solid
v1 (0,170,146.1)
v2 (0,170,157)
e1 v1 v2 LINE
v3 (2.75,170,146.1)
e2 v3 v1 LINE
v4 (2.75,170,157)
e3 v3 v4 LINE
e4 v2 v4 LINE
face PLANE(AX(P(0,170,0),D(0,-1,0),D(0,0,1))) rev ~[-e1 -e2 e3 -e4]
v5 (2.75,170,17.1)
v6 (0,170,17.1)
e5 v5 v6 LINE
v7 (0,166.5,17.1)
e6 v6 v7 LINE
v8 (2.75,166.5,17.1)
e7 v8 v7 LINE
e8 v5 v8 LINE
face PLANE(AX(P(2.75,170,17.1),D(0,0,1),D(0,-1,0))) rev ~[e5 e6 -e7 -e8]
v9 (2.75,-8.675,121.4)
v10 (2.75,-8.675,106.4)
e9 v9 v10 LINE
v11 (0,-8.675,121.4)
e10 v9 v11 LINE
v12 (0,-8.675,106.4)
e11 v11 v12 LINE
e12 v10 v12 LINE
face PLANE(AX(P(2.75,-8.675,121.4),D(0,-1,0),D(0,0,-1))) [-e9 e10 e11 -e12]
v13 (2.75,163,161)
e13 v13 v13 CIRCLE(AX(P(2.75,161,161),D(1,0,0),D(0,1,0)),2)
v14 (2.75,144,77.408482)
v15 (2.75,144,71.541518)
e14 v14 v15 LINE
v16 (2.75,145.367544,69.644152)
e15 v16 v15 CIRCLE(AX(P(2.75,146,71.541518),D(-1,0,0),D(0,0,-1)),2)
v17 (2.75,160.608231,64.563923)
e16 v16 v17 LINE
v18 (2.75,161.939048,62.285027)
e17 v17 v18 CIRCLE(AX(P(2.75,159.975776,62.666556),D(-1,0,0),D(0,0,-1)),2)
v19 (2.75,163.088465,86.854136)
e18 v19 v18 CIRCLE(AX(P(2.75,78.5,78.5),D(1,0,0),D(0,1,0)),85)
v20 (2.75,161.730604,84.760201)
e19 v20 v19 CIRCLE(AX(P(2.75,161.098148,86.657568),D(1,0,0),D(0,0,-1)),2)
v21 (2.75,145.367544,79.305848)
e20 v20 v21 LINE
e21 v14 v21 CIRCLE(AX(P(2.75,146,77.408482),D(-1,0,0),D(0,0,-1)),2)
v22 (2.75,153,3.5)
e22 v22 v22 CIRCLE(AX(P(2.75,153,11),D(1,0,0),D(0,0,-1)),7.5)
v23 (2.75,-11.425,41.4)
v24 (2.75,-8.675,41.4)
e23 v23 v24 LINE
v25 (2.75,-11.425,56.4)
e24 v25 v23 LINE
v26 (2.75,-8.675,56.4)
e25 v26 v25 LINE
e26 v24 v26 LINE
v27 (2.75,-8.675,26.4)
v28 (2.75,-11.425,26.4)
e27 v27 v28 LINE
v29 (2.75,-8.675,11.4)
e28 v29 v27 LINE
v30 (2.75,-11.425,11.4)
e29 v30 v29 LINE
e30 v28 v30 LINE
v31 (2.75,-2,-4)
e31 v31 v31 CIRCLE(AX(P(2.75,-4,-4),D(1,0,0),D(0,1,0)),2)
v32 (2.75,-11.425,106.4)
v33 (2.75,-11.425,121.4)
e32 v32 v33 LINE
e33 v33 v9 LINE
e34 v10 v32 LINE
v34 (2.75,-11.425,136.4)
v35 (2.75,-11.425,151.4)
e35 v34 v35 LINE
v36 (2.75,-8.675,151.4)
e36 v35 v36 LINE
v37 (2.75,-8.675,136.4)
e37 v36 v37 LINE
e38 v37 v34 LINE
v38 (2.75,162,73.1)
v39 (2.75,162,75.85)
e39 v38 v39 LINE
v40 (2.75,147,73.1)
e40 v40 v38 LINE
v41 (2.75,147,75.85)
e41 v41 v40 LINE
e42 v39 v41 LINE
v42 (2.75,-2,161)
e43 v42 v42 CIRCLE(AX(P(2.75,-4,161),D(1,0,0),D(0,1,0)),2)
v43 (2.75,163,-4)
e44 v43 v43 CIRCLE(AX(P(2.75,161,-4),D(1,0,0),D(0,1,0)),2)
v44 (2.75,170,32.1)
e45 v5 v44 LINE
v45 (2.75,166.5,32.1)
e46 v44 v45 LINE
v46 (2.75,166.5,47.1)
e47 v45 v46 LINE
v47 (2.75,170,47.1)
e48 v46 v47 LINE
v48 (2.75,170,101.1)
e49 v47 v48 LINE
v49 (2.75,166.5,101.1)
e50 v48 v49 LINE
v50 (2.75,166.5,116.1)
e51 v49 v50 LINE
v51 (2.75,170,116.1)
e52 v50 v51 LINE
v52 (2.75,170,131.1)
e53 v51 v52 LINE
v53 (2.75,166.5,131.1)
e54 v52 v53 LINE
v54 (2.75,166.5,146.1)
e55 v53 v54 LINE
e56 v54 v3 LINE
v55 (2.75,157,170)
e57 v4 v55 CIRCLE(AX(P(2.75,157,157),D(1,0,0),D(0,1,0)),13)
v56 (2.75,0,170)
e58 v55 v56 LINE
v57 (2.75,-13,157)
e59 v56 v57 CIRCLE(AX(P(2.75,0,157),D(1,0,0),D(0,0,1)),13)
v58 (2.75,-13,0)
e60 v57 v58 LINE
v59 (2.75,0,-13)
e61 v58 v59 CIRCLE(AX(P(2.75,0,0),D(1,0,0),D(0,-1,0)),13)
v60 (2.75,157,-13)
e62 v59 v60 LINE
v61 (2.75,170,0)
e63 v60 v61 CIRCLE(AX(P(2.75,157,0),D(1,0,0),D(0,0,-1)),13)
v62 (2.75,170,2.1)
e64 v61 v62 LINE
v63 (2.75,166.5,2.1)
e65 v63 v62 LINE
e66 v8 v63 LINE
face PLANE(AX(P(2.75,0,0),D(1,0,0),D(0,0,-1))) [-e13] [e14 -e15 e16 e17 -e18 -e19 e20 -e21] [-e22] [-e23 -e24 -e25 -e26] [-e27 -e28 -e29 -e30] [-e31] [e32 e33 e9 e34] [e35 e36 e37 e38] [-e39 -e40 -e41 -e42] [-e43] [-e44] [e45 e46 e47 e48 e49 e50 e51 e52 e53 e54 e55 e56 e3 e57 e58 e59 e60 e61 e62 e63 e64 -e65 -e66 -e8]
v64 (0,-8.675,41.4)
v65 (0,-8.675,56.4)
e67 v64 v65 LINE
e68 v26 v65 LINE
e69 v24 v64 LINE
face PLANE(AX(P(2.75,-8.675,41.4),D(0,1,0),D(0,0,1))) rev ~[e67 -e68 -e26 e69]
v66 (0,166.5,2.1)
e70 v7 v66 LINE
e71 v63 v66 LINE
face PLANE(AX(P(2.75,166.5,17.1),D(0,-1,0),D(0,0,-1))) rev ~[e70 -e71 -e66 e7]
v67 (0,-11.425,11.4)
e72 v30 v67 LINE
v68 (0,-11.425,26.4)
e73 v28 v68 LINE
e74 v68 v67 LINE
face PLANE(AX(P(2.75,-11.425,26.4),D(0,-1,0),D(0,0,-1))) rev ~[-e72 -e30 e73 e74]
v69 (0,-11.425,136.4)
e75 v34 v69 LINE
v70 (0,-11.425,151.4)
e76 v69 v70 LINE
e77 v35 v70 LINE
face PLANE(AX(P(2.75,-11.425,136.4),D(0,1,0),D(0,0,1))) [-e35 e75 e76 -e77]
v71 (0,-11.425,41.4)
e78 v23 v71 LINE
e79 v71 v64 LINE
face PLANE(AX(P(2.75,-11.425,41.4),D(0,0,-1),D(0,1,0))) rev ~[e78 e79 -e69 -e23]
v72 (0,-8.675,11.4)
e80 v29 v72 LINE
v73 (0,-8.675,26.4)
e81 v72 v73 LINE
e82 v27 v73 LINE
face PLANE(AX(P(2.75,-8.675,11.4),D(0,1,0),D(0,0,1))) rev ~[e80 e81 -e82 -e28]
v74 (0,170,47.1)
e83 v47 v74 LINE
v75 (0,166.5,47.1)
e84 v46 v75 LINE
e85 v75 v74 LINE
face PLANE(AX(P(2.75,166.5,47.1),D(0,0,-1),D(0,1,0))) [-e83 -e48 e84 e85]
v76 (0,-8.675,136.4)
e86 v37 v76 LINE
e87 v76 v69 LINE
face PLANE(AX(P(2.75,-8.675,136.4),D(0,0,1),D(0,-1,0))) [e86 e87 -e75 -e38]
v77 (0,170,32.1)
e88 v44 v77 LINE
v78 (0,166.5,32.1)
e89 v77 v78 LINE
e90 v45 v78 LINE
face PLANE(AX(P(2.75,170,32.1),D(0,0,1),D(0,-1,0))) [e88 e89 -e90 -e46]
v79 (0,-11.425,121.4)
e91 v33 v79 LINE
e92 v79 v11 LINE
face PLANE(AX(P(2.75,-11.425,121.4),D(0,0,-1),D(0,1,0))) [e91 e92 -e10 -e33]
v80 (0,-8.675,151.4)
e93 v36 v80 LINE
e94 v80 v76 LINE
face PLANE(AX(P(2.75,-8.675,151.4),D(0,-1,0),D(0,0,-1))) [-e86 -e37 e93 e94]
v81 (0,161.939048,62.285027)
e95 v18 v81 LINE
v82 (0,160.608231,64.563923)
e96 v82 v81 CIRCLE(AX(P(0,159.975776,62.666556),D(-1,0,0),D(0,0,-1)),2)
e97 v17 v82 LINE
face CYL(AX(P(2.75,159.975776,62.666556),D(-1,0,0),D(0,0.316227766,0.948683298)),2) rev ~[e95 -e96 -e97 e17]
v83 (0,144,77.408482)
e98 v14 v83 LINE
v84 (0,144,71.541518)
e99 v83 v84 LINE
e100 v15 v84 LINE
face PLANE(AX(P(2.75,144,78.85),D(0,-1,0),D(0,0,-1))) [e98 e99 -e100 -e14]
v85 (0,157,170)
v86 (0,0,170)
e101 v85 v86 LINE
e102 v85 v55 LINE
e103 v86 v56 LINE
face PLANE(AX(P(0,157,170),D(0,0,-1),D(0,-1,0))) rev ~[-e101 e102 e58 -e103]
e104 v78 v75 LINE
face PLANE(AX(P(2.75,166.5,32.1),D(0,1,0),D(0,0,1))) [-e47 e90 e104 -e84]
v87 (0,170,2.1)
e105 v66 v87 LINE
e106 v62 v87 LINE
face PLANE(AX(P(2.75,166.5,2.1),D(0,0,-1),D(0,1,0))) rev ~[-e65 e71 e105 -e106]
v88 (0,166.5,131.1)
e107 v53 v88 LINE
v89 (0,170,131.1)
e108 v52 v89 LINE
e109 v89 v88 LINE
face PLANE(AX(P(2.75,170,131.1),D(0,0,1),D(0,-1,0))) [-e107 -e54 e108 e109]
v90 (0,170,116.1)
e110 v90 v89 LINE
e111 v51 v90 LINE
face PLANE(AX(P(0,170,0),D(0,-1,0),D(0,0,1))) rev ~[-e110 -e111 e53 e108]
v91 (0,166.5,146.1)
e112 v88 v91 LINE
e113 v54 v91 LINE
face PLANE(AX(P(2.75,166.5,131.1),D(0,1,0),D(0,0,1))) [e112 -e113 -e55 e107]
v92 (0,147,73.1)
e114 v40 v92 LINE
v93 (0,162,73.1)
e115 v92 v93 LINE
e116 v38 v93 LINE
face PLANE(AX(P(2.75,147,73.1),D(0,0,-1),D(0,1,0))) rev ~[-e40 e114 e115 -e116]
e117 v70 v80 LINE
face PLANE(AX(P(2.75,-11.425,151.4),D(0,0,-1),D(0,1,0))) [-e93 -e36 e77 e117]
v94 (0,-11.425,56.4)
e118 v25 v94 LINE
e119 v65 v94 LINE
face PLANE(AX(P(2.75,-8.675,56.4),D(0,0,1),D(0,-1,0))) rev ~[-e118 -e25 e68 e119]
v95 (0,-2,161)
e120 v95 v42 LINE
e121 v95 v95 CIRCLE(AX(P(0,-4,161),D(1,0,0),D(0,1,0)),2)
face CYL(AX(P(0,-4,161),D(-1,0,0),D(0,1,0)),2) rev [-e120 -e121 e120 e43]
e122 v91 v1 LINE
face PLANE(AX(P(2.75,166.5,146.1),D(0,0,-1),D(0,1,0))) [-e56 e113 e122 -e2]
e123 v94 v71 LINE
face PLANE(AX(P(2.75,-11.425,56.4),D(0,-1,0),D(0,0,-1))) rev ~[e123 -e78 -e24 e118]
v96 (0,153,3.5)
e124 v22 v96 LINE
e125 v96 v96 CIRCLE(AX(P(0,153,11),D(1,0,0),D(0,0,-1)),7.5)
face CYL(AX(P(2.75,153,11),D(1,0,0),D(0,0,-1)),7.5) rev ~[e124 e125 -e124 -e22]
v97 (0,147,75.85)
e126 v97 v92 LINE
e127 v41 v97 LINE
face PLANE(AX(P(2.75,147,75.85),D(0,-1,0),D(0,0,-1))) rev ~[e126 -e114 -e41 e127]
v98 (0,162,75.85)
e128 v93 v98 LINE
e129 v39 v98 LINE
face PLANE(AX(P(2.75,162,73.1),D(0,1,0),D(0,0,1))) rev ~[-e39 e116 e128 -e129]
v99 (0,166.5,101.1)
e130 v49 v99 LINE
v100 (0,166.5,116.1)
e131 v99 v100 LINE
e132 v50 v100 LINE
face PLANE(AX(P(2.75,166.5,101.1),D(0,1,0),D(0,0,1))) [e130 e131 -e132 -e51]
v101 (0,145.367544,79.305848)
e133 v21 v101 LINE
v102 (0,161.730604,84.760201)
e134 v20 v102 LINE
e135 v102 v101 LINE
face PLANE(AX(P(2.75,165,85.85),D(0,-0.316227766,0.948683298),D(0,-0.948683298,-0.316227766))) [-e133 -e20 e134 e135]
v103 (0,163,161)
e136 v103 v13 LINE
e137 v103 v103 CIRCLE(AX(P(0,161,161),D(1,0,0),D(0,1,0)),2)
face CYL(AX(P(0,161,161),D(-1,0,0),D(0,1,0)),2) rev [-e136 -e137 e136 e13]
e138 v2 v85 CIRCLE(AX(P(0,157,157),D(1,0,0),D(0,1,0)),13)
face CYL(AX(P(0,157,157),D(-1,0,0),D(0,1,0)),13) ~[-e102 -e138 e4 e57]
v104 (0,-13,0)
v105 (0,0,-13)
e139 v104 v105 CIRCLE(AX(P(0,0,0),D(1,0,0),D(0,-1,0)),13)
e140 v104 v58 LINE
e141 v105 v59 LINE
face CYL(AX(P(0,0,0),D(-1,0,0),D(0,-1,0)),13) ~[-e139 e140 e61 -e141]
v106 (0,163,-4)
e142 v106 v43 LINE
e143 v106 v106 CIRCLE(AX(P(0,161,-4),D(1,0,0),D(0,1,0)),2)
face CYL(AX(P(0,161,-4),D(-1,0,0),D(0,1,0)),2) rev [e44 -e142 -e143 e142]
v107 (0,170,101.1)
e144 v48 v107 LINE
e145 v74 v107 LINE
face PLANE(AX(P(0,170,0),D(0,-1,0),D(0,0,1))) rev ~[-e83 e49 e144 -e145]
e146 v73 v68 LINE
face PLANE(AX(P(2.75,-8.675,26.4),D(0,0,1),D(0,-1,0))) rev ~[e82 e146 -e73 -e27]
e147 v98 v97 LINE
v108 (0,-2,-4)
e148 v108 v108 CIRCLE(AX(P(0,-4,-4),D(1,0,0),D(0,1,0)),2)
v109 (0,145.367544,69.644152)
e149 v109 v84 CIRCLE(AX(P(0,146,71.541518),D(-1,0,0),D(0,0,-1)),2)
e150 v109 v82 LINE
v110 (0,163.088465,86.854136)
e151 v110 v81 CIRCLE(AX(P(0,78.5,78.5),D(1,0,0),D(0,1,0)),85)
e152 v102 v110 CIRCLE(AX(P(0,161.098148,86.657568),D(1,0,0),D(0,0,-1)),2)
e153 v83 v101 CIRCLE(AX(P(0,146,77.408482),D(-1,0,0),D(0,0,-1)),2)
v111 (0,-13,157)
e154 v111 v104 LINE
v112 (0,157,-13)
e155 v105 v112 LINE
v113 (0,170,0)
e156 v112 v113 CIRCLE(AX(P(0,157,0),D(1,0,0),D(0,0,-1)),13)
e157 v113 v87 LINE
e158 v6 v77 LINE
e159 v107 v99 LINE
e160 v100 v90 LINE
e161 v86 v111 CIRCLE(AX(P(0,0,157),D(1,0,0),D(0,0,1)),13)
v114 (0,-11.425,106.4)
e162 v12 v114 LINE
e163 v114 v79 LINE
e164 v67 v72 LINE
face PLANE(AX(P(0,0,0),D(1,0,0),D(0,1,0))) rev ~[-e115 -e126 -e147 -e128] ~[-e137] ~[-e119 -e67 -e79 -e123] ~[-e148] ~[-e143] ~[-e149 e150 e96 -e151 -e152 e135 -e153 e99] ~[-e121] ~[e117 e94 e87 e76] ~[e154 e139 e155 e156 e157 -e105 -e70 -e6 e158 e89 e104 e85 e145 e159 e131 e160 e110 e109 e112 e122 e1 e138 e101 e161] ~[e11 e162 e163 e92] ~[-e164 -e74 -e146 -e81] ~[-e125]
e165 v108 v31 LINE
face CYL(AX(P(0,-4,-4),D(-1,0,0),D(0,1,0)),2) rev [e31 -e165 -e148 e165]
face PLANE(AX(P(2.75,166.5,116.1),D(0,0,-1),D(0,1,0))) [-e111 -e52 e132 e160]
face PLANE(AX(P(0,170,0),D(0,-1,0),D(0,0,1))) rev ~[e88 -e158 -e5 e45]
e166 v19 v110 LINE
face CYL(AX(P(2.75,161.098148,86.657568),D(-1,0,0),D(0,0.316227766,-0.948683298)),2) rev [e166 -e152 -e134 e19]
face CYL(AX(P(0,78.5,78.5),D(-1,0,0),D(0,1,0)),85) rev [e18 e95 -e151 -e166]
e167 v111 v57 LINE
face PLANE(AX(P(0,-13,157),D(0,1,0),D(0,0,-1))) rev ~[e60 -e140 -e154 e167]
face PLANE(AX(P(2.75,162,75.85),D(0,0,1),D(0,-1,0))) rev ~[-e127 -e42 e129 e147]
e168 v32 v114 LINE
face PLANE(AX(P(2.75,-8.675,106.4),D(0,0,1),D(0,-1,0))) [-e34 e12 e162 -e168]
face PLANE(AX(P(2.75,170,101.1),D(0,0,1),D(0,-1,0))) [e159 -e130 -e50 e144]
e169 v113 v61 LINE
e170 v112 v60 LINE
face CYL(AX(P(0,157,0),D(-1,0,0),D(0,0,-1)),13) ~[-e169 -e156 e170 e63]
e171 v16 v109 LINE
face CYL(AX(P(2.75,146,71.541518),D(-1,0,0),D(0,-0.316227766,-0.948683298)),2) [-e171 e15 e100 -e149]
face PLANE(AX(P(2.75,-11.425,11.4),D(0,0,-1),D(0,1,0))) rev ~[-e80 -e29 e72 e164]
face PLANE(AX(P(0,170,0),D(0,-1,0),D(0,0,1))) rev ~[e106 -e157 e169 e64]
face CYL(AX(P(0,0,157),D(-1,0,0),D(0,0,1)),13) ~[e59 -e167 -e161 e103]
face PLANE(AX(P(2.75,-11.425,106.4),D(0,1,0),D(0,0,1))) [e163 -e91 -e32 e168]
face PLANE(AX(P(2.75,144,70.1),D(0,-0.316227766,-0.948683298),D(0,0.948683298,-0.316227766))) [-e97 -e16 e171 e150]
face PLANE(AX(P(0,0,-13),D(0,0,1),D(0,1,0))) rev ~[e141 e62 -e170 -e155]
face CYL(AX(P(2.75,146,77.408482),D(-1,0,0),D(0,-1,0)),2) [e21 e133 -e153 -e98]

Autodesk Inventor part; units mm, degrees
ref_plane "YZ Plane" through (0, 0, 0) normal (1, 0, 0) x (0, 1, 0)
ref_plane "XZ Plane" through (0, 0, 0) normal (0, 1, 0) x (-1, 0, 0)
ref_plane "XY Plane" through (0, 0, 0) normal (0, 0, 1) x (1, 0, 0)
sketch "Sketch1" plane through (0, 0, 0) normal (1, 0, 0) x (0, 1, 0)
  circle A0 centre (-4, -4) radius 2
  circle A1 centre (78.5, 78.5) radius 85
  circle A2 centre (161, -4) radius 2
  circle A3 centre (-4, 161) radius 2
  circle A4 centre (161, 161) radius 2
  line L0 (157, 170) -> (0, 170)
  arc A5 (0, 170) -> (-13, 157) centre (0, 157) ccw
  line L1 (-13, 157) -> (-13, 0)
  arc A6 (-13, 0) -> (0, -13) centre (0, 0) ccw
  line L2 (0, -13) -> (157, -13)
  arc A7 (157, -13) -> (170, 0) centre (157, 0) ccw
  line L3 (170, 0) -> (170, 157)
  arc A8 (170, 157) -> (157, 170) centre (157, 157) ccw
  line L4 (-4, 161) -> (161, 161) construction
  line L5 (161, 161) -> (161, -4) construction
  line L6 (161, -4) -> (-4, -4) construction
  line L7 (-4, -4) -> (-4, 161) construction
  line L8 (-4, 161) -> (161, -4) construction
  line L9 (-13, 78.5) -> (78.5, 78.5) construction
  line L10 (78.5, 78.5) -> (170, 78.5) construction
  dimension "d10" = 183
  dimension "d11" = 183
  dimension "d12" = 165
  dimension "d13" = 165
  dimension "d15" = 13
  dimension "d16" = 4
  dimension "d17" = 170
extrude "Extrusion1" add sketch "Sketch1" along normal blind 2.75
sketch "Sketch2" plane through (2.75, 0, 0) normal (1, 0, 0) x (0, 0, -1)
  line L0 (0, 170) -> (-157, 170) projected
  line L1 (-146.1, 170) -> (-131.1, 170)
  line L2 (-131.1, 170) -> (-131.1, 166.5)
  line L3 (-131.1, 166.5) -> (-146.1, 166.5)
  line L4 (-146.1, 166.5) -> (-146.1, 170)
  line L5 (-116.1, 170) -> (-101.1, 170)
  line L6 (-101.1, 170) -> (-101.1, 166.5)
  line L7 (-101.1, 166.5) -> (-116.1, 166.5)
  line L8 (-116.1, 166.5) -> (-116.1, 170)
  line L9 (-47.1, 170) -> (-32.1, 170)
  line L10 (-32.1, 170) -> (-32.1, 166.5)
  line L11 (-32.1, 166.5) -> (-47.1, 166.5)
  line L12 (-47.1, 166.5) -> (-47.1, 170)
  line L13 (-2.1, 170) -> (-17.1, 170)
  line L14 (-17.1, 170) -> (-17.1, 166.5)
  line L15 (-17.1, 166.5) -> (-2.1, 166.5)
  line L16 (-2.1, 166.5) -> (-2.1, 170)
  circle A0 centre (-161, 161) radius 2 projected
  point P0 (0, 0)
  dimension "d2" = 15
  dimension "d3" = 30
  dimension "d4" = 69
  dimension "d5" = 30
  dimension "d6" = 3.5
  dimension "d7" = 14.9
extrude "Extrusion2" cut sketch "Sketch2" against normal blind 10 contours L16 L15 L14 L0 | L2 L3 L4 L0 | L6 L7 L8 L0 | L10 L11 L12 L0
sketch "Sketch3" plane through (2.75, 0, 0) normal (1, 0, 0) x (0, 0, -1)
  line L0 (-56.4, -11.425) -> (-41.4, -11.425)
  line L1 (-41.4, -11.425) -> (-41.4, -8.675)
  line L2 (-41.4, -8.675) -> (-56.4, -8.675)
  line L3 (-56.4, -8.675) -> (-56.4, -11.425)
  line L4 (-26.4, -11.425) -> (-11.4, -11.425)
  line L5 (-11.4, -11.425) -> (-11.4, -8.675)
  line L6 (-11.4, -8.675) -> (-26.4, -8.675)
  line L7 (-26.4, -8.675) -> (-26.4, -11.425)
  line L8 (-106.4, -11.425) -> (-121.4, -11.425)
  line L9 (-121.4, -11.425) -> (-121.4, -8.675)
  line L10 (-121.4, -8.675) -> (-106.4, -8.675)
  line L11 (-106.4, -8.675) -> (-106.4, -11.425)
  line L12 (-136.4, -11.425) -> (-151.4, -11.425)
  line L13 (-151.4, -11.425) -> (-151.4, -8.675)
  line L14 (-151.4, -8.675) -> (-136.4, -8.675)
  line L15 (-136.4, -8.675) -> (-136.4, -11.425)
  line L16 (-157, -13) -> (0, -13) projected
  circle A0 centre (-161, -4) radius 2 projected
  point P0 (0, 0)
  dimension "d18" = 1.575
  dimension "d19" = 30
  dimension "d20" = 65
  dimension "d21" = 30
  dimension "d22" = 2.75
  dimension "d23" = 9.6
  dimension "d26" = 15
extrude "Extrusion3" cut sketch "Sketch3" against normal blind 10 contours L3 L2 L1 L0 | L7 L6 L5 L4 | L8 L9 L10 L11 | L12 L13 L14 L15
sketch "Sketch4" plane through (2.75, 0, 0) normal (1, 0, 0) x (0, 0, -1)
  line L0 (-75.85, 147) -> (-73.1, 147)
  line L1 (-73.1, 147) -> (-73.1, 162)
  line L2 (-73.1, 162) -> (-75.85, 162)
  line L3 (-75.85, 162) -> (-75.85, 147)
  line L4 (-78.85, 144) -> (-70.1, 144)
  line L5 (-70.1, 144) -> (-63.1, 165)
  line L6 (-63.1, 165) -> (-85.85, 165)
  line L7 (-85.85, 165) -> (-78.85, 144)
  line L8 (-47.1, 170) -> (-101.1, 170) projected
  line L9 (-47.1, 166.5) -> (-47.1, 170) projected
  point P0 (0, 0)
  dimension "d27" = 8
  dimension "d28" = 26
  dimension "d29" = 2.75
  dimension "d30" = 15
  dimension "d31" = 3
  dimension "d32" = 3
  dimension "d33" = 3
  dimension "d34" = 10
  dimension "d35" = 10
  dimension "d36" = 5
extrude "Extrusion4" add sketch "Sketch4" against normal up to surface (2.75 mm away)
fillet "Fillet1" radius 2 4 edges at (1.375, 144, 78.85) (1.375, 144, 70.1) (1.375, 163.2307, 85.2602) (1.375, 162.2566, 64.0145)
sketch "Sketch5" plane through (2.75, 0, 0) normal (1, 0, 0) x (0, 0, -1)
  circle A0 centre (-11, 153) radius 7.5
  circle A1 centre (4, 161) radius 2 projected
  point P0 (0, 0)
  dimension "d40" = 15
  dimension "d41" = 15
  dimension "d42" = 8
extrude "Extrusion5" cut sketch "Sketch5" against normal blind 10 contours A0
properties part number "TrayPanelD_180mm"
